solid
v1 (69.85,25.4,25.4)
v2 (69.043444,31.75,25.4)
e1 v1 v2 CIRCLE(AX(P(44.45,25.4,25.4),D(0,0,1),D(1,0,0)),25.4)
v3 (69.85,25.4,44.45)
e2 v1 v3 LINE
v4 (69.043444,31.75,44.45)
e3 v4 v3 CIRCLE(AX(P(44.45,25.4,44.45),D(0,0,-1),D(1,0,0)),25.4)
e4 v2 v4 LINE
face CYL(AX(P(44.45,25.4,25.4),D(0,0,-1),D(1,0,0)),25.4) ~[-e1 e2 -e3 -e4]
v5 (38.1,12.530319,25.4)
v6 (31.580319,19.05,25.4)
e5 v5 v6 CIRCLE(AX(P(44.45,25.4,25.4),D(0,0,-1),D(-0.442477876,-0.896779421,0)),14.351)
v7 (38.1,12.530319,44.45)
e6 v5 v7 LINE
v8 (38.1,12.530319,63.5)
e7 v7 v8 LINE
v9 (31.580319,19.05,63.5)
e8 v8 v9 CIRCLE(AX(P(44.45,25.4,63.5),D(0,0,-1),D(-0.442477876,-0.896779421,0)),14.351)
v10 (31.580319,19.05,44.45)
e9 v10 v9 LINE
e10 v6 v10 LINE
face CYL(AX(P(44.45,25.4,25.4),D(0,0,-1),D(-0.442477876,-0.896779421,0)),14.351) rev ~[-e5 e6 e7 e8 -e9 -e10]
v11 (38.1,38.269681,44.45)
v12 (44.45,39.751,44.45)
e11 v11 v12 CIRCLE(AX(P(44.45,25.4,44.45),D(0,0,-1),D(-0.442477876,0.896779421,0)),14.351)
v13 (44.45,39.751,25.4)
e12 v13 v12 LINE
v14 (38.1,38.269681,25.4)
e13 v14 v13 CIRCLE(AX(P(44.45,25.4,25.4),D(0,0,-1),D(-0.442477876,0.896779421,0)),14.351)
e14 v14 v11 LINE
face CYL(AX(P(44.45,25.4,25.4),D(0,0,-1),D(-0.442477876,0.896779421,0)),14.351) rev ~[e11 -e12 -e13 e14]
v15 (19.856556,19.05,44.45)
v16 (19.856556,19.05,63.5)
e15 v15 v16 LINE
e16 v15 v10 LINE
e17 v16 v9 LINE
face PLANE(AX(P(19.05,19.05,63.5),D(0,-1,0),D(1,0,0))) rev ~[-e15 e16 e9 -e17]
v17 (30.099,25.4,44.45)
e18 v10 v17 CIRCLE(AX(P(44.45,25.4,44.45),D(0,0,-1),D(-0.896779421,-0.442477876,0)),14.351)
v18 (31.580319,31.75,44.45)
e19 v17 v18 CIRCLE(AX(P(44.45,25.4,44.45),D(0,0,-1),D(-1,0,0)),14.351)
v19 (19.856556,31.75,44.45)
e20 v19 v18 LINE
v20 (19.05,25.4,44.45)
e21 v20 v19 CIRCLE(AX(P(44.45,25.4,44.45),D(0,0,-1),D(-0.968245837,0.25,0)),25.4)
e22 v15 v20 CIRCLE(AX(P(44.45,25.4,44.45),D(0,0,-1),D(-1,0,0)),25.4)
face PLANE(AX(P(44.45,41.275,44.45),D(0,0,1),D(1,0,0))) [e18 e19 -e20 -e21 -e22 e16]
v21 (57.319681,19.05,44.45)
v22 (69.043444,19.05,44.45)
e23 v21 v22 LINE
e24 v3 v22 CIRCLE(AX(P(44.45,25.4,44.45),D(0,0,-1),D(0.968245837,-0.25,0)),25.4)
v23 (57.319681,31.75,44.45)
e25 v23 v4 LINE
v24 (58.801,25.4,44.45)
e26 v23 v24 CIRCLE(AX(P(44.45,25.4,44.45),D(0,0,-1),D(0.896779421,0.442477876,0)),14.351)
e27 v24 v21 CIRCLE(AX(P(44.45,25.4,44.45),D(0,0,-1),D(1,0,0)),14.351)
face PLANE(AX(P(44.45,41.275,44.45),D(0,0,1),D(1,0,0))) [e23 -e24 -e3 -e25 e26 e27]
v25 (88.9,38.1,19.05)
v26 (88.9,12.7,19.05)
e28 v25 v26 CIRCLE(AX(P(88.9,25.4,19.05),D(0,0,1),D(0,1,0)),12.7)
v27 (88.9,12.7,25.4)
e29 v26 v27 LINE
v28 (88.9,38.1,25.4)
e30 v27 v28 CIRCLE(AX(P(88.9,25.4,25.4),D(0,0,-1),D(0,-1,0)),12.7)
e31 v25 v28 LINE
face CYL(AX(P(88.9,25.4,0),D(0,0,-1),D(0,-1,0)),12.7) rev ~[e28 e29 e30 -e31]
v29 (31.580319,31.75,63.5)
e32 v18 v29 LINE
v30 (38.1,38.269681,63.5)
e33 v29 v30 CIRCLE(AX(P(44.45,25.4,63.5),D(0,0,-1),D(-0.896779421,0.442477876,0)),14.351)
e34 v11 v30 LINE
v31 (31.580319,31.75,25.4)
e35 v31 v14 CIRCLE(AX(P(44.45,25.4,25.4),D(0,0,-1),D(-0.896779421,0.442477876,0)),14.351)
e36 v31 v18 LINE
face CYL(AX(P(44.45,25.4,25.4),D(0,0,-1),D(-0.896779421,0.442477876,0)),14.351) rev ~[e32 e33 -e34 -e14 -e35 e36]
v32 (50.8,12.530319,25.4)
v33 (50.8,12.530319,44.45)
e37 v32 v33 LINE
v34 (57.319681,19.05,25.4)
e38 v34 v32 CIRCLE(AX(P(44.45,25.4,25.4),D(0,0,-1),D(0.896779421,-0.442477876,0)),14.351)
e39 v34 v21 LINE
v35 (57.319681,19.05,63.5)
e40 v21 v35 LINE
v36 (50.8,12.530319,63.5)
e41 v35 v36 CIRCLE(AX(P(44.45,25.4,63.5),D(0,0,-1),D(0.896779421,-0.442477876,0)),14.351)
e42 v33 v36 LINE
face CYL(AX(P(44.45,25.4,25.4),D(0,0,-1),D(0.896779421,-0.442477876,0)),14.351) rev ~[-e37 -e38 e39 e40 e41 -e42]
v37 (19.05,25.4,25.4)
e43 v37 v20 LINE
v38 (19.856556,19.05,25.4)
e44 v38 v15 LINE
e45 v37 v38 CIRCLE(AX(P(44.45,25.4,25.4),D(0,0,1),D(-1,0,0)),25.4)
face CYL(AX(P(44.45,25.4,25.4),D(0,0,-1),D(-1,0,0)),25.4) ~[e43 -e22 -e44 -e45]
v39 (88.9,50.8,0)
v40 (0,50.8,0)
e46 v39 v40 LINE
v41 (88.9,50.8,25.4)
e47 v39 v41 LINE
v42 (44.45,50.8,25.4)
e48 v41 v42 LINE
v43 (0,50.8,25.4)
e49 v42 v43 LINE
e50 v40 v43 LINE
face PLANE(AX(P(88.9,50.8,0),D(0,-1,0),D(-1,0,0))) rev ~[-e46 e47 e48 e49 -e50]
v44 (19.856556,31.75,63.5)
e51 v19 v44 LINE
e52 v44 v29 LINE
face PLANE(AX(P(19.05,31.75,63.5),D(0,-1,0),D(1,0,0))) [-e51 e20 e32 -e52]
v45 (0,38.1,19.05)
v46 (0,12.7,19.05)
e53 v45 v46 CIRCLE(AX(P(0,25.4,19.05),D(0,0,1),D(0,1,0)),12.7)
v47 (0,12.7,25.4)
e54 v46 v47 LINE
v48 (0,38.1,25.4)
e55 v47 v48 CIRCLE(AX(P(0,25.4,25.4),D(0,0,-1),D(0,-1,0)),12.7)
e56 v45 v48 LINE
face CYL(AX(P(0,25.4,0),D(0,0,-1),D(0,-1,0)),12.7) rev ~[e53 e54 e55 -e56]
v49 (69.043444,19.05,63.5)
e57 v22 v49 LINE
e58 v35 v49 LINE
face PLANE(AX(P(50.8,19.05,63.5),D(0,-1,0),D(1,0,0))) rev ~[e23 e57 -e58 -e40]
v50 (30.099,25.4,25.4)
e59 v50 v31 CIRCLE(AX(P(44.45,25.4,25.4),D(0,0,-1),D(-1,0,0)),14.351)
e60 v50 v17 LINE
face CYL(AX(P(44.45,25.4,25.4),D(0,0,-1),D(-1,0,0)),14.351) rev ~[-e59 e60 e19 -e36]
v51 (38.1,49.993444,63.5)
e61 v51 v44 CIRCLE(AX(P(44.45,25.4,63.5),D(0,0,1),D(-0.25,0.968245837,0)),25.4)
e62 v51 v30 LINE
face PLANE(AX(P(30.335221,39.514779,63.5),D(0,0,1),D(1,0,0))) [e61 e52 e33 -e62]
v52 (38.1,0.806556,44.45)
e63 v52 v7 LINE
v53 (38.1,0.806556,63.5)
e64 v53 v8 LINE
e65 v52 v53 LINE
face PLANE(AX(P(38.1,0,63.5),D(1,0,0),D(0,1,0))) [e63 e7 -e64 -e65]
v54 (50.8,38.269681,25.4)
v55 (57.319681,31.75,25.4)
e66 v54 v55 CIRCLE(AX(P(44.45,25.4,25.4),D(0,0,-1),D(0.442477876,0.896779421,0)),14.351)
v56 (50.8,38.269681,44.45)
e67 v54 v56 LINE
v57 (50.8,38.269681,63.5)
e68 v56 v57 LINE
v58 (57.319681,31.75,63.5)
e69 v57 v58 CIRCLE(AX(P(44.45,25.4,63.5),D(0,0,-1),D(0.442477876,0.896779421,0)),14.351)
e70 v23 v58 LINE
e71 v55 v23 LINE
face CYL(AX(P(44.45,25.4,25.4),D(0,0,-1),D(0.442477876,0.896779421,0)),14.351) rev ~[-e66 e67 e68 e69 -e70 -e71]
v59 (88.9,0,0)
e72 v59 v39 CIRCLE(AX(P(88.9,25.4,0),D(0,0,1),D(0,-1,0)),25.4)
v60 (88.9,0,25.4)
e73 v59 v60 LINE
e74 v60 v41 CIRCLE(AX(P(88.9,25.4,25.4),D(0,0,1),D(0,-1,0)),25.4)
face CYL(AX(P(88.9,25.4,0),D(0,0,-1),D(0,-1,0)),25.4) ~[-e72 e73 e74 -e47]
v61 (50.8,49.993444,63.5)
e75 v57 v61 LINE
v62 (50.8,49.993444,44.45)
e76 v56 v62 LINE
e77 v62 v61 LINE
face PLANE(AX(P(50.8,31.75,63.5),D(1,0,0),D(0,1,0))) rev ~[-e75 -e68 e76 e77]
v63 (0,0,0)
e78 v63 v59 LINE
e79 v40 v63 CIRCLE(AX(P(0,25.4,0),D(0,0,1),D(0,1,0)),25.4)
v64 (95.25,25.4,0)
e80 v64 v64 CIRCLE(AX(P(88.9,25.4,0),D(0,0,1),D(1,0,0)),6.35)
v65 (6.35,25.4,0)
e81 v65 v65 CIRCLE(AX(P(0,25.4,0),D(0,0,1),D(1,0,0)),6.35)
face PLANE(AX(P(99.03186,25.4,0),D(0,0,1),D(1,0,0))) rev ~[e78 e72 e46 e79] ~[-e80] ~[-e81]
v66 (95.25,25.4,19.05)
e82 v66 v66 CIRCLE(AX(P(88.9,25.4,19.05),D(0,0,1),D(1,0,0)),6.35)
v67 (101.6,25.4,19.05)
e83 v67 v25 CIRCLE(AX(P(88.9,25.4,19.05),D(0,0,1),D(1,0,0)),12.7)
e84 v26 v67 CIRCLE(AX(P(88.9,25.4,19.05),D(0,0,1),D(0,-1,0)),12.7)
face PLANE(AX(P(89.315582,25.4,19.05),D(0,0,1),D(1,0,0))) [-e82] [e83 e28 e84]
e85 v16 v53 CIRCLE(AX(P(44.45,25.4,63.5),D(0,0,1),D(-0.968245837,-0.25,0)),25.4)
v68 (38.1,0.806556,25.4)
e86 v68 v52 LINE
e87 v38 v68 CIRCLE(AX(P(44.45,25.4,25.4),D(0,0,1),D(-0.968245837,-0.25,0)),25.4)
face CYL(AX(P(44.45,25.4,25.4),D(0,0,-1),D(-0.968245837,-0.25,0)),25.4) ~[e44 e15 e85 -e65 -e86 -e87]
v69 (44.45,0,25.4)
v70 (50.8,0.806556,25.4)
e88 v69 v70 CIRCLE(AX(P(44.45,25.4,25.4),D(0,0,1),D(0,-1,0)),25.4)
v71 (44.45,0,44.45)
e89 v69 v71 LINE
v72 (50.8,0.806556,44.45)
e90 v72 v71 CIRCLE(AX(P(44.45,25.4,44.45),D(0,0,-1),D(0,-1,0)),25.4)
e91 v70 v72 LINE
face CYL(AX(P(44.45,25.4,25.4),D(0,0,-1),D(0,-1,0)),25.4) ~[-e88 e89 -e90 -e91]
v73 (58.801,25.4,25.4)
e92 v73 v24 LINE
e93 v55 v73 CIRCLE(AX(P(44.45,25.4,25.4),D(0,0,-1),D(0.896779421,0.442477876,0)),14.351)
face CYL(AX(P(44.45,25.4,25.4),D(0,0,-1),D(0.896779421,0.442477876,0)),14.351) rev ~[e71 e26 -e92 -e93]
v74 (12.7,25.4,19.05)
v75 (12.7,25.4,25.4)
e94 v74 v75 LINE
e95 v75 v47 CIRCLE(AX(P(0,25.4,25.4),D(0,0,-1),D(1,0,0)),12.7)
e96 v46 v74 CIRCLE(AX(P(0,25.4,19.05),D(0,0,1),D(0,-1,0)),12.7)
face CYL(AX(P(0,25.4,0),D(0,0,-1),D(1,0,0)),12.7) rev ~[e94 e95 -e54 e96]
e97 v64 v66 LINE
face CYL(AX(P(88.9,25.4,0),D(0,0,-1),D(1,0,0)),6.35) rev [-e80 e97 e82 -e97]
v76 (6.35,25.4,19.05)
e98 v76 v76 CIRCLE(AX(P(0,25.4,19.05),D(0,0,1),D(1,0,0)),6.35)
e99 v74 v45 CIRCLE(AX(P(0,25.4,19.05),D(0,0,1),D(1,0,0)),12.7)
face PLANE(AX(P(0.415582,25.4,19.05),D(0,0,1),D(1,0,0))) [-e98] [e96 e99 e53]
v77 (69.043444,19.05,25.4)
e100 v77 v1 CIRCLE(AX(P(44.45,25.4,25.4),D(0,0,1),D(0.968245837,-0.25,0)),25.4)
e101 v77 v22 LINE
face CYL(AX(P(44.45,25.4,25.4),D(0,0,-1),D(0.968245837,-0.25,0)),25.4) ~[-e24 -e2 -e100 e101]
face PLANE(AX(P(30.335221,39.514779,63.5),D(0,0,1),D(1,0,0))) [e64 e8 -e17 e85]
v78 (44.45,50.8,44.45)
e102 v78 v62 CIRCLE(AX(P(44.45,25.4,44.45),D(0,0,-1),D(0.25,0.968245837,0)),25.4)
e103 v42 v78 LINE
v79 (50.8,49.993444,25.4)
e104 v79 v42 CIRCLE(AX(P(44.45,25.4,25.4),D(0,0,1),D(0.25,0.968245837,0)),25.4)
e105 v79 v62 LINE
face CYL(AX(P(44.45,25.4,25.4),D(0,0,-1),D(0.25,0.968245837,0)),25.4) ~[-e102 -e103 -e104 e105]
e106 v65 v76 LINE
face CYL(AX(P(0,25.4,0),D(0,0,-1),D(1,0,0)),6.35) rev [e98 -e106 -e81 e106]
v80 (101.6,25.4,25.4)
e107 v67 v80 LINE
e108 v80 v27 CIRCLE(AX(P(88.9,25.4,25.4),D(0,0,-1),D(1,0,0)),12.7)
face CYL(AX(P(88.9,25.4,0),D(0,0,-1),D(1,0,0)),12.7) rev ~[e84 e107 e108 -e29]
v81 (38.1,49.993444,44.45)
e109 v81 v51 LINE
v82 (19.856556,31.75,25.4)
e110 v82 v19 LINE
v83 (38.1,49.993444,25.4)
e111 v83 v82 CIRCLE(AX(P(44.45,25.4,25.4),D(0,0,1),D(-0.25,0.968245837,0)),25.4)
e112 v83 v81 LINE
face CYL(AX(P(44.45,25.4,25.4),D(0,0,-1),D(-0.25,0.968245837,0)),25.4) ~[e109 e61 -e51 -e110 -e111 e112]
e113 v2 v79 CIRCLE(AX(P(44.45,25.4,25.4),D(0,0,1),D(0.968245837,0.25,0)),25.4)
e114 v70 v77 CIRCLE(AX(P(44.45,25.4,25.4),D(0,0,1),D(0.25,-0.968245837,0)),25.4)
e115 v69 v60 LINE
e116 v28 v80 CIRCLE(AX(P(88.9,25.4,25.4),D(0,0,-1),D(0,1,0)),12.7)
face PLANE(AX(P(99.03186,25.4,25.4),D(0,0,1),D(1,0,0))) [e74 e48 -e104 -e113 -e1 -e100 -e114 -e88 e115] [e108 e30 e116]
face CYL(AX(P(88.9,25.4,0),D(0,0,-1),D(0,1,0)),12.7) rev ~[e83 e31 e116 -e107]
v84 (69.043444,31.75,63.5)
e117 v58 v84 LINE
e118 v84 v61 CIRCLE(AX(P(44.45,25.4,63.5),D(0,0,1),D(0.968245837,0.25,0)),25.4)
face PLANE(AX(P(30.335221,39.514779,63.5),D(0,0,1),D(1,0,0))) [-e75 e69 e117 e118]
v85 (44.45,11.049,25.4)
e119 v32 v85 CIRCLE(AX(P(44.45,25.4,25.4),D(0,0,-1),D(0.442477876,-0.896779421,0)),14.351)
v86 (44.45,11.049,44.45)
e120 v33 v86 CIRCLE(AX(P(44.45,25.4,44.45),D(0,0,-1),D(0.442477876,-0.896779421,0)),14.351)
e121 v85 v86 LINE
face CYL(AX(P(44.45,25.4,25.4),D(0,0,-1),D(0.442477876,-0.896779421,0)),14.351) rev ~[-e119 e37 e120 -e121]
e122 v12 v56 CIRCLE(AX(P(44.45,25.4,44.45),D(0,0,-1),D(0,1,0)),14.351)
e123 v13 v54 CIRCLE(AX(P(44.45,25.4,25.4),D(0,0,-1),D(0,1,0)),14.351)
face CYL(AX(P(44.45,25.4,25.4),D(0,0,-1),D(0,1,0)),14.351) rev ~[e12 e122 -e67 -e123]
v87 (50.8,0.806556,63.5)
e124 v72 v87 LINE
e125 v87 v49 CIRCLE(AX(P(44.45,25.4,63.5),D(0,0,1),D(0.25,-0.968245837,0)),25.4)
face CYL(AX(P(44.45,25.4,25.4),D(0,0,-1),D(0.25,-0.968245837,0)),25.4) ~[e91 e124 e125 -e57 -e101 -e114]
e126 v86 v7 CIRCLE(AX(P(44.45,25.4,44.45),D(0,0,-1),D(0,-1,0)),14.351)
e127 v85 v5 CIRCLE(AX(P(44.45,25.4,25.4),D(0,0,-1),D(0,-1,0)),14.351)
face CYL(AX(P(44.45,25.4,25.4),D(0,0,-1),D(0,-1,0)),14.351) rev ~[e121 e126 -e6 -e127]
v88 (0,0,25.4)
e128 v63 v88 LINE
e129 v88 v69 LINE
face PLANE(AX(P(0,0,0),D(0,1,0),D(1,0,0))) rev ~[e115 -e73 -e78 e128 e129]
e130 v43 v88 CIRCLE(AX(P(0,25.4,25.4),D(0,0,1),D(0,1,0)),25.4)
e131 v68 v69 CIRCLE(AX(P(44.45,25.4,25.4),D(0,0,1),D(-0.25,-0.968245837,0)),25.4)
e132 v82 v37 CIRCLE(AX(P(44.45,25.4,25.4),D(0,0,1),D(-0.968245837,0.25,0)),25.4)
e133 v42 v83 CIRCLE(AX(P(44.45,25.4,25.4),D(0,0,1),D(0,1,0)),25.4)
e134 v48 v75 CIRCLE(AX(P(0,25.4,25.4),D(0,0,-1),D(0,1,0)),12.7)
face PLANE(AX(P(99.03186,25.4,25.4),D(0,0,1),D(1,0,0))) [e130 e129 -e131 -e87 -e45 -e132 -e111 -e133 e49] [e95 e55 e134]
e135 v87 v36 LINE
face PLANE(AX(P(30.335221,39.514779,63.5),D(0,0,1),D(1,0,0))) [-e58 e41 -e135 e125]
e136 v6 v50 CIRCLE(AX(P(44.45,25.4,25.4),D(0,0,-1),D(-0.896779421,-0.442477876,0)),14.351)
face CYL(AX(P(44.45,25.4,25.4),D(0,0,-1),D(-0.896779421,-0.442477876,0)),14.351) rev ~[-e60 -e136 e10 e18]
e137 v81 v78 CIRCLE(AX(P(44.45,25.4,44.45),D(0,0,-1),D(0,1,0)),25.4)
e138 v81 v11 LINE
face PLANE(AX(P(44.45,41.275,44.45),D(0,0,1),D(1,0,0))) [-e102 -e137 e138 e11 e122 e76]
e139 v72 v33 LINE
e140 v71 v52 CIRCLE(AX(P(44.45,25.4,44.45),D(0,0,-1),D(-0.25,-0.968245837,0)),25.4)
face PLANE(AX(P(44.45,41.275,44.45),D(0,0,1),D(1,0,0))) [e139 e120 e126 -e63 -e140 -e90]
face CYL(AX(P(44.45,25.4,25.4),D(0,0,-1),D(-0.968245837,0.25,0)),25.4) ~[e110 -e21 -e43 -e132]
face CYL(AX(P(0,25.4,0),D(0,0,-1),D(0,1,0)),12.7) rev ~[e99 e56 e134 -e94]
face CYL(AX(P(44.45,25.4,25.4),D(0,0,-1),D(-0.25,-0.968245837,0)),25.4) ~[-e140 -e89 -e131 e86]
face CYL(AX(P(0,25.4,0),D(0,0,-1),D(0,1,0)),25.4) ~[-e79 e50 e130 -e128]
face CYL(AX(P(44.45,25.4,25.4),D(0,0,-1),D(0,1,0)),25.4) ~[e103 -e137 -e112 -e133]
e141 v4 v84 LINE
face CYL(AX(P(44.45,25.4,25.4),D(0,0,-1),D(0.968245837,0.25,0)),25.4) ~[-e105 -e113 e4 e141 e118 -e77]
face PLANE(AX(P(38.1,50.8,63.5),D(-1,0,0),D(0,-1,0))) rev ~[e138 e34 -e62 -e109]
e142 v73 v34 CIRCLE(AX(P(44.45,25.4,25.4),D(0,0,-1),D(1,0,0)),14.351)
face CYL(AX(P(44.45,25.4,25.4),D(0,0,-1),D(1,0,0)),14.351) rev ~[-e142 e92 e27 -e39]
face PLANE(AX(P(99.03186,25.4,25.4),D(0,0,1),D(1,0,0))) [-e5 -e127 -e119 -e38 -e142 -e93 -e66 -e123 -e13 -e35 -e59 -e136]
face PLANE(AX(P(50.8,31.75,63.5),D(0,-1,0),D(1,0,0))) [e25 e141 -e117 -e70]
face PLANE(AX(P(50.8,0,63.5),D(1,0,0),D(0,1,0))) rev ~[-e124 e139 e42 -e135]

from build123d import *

# Parameters (mm, degrees)
F0_R     = 6.35
F1_DEPTH = 19.05
F2_DEPTH = 25.4
F3_DEPTH = 19.05
F4_DEPTH = 25.4
F6_DEPTH = 38.1
F7_W     = 12.7
F7_H     = 19.05
F7_H_2   = 12.7
F7_W_2   = 19.05
F7_W_3   = 20.2927024484
F8_DEPTH = 19.05


with BuildPart() as f1:
    # F0 (on Top) → F1 (new body)
    with BuildSketch(Plane.XY):
        with BuildLine():
            ThreePointArc((0, 38.1), (-12.7, 25.4), (0, 12.7))
            ThreePointArc((0, 12.7), (8.9802561211, 16.4197438789), (12.7, 25.4))
            ThreePointArc((12.7, 25.4), (8.9802561211, 34.3802561211), (0, 38.1))
        make_face()
        with Locations((0, 25.4)):
            Circle(F0_R, mode=Mode.SUBTRACT)
    extrude(amount=F1_DEPTH)

    # F0 (on Top) → F2 (join)
    with BuildSketch(Plane.XY):
        with BuildLine():
            Line((0, 12.7), (0, 0))
            Line((0, 0), (44.45, 0))
            Line((44.45, 0), (88.9, 0))
            Line((88.9, 0), (88.9, 12.7))
            ThreePointArc((88.9, 12.7), (76.2, 25.4), (88.9, 38.1))
            Line((88.9, 38.1), (88.9, 50.8))
            Line((88.9, 50.8), (44.45, 50.8))
            Line((44.45, 50.8), (0, 50.8))
            Line((0, 50.8), (0, 38.1))
            ThreePointArc((0, 38.1), (8.9802561211, 34.3802561211), (12.7, 25.4))
            ThreePointArc((12.7, 25.4), (8.9802561211, 16.4197438789), (0, 12.7))
        make_face()
        with BuildLine():
            ThreePointArc((0, 50.8), (-25.4, 25.4), (0, 0))
            Line((0, 0), (0, 12.7))
            ThreePointArc((0, 12.7), (-12.7, 25.4), (0, 38.1))
            Line((0, 38.1), (0, 50.8))
        make_face()
    extrude(amount=F2_DEPTH)

    # F0 (on Top) → F3 (join)
    with BuildSketch(Plane.XY):
        with BuildLine():
            ThreePointArc((88.9, 38.1), (76.2, 25.4), (88.9, 12.7))
            ThreePointArc((88.9, 12.7), (97.8802561211, 16.4197438789), (101.6, 25.4))
            ThreePointArc((101.6, 25.4), (97.8802561211, 34.3802561211), (88.9, 38.1))
        make_face()
        with Locations((88.9, 25.4)):
            Circle(F0_R, mode=Mode.SUBTRACT)
    extrude(amount=F3_DEPTH)

    # F0 (on Top) → F4 (join)
    with BuildSketch(Plane.XY):
        with BuildLine():
            Line((88.9, 12.7), (88.9, 0))
            ThreePointArc((88.9, 0), (114.3, 25.4), (88.9, 50.8))
            Line((88.9, 50.8), (88.9, 38.1))
            ThreePointArc((88.9, 38.1), (97.8802561211, 34.3802561211), (101.6, 25.4))
            ThreePointArc((101.6, 25.4), (97.8802561211, 16.4197438789), (88.9, 12.7))
        make_face()
    extrude(amount=F4_DEPTH)

    # F5 (on face) → F6 (join)
    with BuildSketch(Plane.XY.offset(25.4)):
        with BuildLine():
            Line((38.1, 38.2696814646), (38.1, 49.9934442484))
            ThreePointArc((38.1, 49.9934442484), (26.4894877579, 43.3605122421), (19.8565557516, 31.75))
            Line((19.8565557516, 31.75), (31.5803185354, 31.75))
            ThreePointArc((31.5803185354, 31.75), (34.3023105832, 35.5476894168), (38.1, 38.2696814646))
        make_face()
        with BuildLine():
            Line((44.45, 39.751), (44.45, 50.8))
            ThreePointArc((44.45, 50.8), (41.2494909709, 50.5975542852), (38.1, 49.9934442484))
            Line((38.1, 49.9934442484), (38.1, 38.2696814646))
            ThreePointArc((38.1, 38.2696814646), (41.189754434, 39.3757647322), (44.45, 39.751))
        make_face()
        with BuildLine():
            Line((50.8, 38.2696814646), (50.8, 49.9934442484))
            ThreePointArc((50.8, 49.9934442484), (47.6505090291, 50.5975542852), (44.45, 50.8))
            Line((44.45, 50.8), (44.45, 39.751))
            ThreePointArc((44.45, 39.751), (47.710245566, 39.3757647322), (50.8, 38.2696814646))
        make_face()
        with BuildLine():
            Line((57.3196814646, 31.75), (69.0434442484, 31.75))
            ThreePointArc((69.0434442484, 31.75), (62.4105122421, 43.3605122421), (50.8, 49.9934442484))
            Line((50.8, 49.9934442484), (50.8, 38.2696814646))
            ThreePointArc((50.8, 38.2696814646), (54.5976894168, 35.5476894168), (57.3196814646, 31.75))
        make_face()
        with BuildLine():
            Line((58.801, 25.4), (69.85, 25.4))
            ThreePointArc((69.85, 25.4), (69.6475542852, 28.6005090291), (69.0434442484, 31.75))
            Line((69.0434442484, 31.75), (57.3196814646, 31.75))
            ThreePointArc((57.3196814646, 31.75), (58.4257647322, 28.660245566), (58.801, 25.4))
        make_face()
        with BuildLine():
            ThreePointArc((69.0434442484, 19.05), (69.6475542852, 22.1994909709), (69.85, 25.4))
            Line((69.85, 25.4), (58.801, 25.4))
            ThreePointArc((58.801, 25.4), (58.4257647322, 22.139754434), (57.3196814646, 19.05))
            Line((57.3196814646, 19.05), (69.0434442484, 19.05))
        make_face()
        with BuildLine():
            ThreePointArc((50.8, 0.8065557516), (62.4105122421, 7.4394877579), (69.0434442484, 19.05))
            Line((69.0434442484, 19.05), (57.3196814646, 19.05))
            ThreePointArc((57.3196814646, 19.05), (54.5976894168, 15.2523105832), (50.8, 12.5303185354))
            Line((50.8, 12.5303185354), (50.8, 0.8065557516))
        make_face()
        with BuildLine():
            ThreePointArc((44.45, 0), (47.6505090291, 0.2024457148), (50.8, 0.8065557516))
            Line((50.8, 0.8065557516), (50.8, 12.5303185354))
            ThreePointArc((50.8, 12.5303185354), (47.710245566, 11.4242352678), (44.45, 11.049))
            Line((44.45, 11.049), (44.45, 0))
        make_face()
        with BuildLine():
            ThreePointArc((38.1, 0.8065557516), (41.2494909709, 0.2024457148), (44.45, 0))
            Line((44.45, 0), (44.45, 11.049))
            ThreePointArc((44.45, 11.049), (41.189754434, 11.4242352678), (38.1, 12.5303185354))
            Line((38.1, 12.5303185354), (38.1, 0.8065557516))
        make_face()
        with BuildLine():
            ThreePointArc((19.8565557516, 19.05), (26.4894877579, 7.4394877579), (38.1, 0.8065557516))
            Line((38.1, 0.8065557516), (38.1, 12.5303185354))
            ThreePointArc((38.1, 12.5303185354), (34.3023105832, 15.2523105832), (31.5803185354, 19.05))
            Line((31.5803185354, 19.05), (19.8565557516, 19.05))
        make_face()
        with BuildLine():
            ThreePointArc((19.05, 25.4), (19.2524457148, 22.1994909709), (19.8565557516, 19.05))
            Line((19.8565557516, 19.05), (31.5803185354, 19.05))
            ThreePointArc((31.5803185354, 19.05), (30.4742352678, 22.139754434), (30.099, 25.4))
            Line((30.099, 25.4), (19.05, 25.4))
        make_face()
        with BuildLine():
            Line((31.5803185354, 31.75), (19.8565557516, 31.75))
            ThreePointArc((19.8565557516, 31.75), (19.2524457148, 28.6005090291), (19.05, 25.4))
            Line((19.05, 25.4), (30.099, 25.4))
            ThreePointArc((30.099, 25.4), (30.4742352678, 28.660245566), (31.5803185354, 31.75))
        make_face()
    extrude(amount=F6_DEPTH)

    # F7 (on face) → F8 (cut)
    with BuildSketch(Plane.XY.offset(63.5)):
        with Locations((44.45, 41.275)):
            Rectangle(F7_W, F7_H)
        with Locations((44.45, 25.4)):
            Rectangle(F7_W, F7_H_2)
        with Locations((28.575, 25.4)):
            Rectangle(F7_W_2, F7_H_2)
        with Locations((60.9463512242, 25.4)):
            Rectangle(F7_W_3, F7_H_2)
        with Locations((44.45, 9.525)):
            Rectangle(F7_W, F7_H)
    extrude(amount=-F8_DEPTH, mode=Mode.SUBTRACT)


solid = f1.part
